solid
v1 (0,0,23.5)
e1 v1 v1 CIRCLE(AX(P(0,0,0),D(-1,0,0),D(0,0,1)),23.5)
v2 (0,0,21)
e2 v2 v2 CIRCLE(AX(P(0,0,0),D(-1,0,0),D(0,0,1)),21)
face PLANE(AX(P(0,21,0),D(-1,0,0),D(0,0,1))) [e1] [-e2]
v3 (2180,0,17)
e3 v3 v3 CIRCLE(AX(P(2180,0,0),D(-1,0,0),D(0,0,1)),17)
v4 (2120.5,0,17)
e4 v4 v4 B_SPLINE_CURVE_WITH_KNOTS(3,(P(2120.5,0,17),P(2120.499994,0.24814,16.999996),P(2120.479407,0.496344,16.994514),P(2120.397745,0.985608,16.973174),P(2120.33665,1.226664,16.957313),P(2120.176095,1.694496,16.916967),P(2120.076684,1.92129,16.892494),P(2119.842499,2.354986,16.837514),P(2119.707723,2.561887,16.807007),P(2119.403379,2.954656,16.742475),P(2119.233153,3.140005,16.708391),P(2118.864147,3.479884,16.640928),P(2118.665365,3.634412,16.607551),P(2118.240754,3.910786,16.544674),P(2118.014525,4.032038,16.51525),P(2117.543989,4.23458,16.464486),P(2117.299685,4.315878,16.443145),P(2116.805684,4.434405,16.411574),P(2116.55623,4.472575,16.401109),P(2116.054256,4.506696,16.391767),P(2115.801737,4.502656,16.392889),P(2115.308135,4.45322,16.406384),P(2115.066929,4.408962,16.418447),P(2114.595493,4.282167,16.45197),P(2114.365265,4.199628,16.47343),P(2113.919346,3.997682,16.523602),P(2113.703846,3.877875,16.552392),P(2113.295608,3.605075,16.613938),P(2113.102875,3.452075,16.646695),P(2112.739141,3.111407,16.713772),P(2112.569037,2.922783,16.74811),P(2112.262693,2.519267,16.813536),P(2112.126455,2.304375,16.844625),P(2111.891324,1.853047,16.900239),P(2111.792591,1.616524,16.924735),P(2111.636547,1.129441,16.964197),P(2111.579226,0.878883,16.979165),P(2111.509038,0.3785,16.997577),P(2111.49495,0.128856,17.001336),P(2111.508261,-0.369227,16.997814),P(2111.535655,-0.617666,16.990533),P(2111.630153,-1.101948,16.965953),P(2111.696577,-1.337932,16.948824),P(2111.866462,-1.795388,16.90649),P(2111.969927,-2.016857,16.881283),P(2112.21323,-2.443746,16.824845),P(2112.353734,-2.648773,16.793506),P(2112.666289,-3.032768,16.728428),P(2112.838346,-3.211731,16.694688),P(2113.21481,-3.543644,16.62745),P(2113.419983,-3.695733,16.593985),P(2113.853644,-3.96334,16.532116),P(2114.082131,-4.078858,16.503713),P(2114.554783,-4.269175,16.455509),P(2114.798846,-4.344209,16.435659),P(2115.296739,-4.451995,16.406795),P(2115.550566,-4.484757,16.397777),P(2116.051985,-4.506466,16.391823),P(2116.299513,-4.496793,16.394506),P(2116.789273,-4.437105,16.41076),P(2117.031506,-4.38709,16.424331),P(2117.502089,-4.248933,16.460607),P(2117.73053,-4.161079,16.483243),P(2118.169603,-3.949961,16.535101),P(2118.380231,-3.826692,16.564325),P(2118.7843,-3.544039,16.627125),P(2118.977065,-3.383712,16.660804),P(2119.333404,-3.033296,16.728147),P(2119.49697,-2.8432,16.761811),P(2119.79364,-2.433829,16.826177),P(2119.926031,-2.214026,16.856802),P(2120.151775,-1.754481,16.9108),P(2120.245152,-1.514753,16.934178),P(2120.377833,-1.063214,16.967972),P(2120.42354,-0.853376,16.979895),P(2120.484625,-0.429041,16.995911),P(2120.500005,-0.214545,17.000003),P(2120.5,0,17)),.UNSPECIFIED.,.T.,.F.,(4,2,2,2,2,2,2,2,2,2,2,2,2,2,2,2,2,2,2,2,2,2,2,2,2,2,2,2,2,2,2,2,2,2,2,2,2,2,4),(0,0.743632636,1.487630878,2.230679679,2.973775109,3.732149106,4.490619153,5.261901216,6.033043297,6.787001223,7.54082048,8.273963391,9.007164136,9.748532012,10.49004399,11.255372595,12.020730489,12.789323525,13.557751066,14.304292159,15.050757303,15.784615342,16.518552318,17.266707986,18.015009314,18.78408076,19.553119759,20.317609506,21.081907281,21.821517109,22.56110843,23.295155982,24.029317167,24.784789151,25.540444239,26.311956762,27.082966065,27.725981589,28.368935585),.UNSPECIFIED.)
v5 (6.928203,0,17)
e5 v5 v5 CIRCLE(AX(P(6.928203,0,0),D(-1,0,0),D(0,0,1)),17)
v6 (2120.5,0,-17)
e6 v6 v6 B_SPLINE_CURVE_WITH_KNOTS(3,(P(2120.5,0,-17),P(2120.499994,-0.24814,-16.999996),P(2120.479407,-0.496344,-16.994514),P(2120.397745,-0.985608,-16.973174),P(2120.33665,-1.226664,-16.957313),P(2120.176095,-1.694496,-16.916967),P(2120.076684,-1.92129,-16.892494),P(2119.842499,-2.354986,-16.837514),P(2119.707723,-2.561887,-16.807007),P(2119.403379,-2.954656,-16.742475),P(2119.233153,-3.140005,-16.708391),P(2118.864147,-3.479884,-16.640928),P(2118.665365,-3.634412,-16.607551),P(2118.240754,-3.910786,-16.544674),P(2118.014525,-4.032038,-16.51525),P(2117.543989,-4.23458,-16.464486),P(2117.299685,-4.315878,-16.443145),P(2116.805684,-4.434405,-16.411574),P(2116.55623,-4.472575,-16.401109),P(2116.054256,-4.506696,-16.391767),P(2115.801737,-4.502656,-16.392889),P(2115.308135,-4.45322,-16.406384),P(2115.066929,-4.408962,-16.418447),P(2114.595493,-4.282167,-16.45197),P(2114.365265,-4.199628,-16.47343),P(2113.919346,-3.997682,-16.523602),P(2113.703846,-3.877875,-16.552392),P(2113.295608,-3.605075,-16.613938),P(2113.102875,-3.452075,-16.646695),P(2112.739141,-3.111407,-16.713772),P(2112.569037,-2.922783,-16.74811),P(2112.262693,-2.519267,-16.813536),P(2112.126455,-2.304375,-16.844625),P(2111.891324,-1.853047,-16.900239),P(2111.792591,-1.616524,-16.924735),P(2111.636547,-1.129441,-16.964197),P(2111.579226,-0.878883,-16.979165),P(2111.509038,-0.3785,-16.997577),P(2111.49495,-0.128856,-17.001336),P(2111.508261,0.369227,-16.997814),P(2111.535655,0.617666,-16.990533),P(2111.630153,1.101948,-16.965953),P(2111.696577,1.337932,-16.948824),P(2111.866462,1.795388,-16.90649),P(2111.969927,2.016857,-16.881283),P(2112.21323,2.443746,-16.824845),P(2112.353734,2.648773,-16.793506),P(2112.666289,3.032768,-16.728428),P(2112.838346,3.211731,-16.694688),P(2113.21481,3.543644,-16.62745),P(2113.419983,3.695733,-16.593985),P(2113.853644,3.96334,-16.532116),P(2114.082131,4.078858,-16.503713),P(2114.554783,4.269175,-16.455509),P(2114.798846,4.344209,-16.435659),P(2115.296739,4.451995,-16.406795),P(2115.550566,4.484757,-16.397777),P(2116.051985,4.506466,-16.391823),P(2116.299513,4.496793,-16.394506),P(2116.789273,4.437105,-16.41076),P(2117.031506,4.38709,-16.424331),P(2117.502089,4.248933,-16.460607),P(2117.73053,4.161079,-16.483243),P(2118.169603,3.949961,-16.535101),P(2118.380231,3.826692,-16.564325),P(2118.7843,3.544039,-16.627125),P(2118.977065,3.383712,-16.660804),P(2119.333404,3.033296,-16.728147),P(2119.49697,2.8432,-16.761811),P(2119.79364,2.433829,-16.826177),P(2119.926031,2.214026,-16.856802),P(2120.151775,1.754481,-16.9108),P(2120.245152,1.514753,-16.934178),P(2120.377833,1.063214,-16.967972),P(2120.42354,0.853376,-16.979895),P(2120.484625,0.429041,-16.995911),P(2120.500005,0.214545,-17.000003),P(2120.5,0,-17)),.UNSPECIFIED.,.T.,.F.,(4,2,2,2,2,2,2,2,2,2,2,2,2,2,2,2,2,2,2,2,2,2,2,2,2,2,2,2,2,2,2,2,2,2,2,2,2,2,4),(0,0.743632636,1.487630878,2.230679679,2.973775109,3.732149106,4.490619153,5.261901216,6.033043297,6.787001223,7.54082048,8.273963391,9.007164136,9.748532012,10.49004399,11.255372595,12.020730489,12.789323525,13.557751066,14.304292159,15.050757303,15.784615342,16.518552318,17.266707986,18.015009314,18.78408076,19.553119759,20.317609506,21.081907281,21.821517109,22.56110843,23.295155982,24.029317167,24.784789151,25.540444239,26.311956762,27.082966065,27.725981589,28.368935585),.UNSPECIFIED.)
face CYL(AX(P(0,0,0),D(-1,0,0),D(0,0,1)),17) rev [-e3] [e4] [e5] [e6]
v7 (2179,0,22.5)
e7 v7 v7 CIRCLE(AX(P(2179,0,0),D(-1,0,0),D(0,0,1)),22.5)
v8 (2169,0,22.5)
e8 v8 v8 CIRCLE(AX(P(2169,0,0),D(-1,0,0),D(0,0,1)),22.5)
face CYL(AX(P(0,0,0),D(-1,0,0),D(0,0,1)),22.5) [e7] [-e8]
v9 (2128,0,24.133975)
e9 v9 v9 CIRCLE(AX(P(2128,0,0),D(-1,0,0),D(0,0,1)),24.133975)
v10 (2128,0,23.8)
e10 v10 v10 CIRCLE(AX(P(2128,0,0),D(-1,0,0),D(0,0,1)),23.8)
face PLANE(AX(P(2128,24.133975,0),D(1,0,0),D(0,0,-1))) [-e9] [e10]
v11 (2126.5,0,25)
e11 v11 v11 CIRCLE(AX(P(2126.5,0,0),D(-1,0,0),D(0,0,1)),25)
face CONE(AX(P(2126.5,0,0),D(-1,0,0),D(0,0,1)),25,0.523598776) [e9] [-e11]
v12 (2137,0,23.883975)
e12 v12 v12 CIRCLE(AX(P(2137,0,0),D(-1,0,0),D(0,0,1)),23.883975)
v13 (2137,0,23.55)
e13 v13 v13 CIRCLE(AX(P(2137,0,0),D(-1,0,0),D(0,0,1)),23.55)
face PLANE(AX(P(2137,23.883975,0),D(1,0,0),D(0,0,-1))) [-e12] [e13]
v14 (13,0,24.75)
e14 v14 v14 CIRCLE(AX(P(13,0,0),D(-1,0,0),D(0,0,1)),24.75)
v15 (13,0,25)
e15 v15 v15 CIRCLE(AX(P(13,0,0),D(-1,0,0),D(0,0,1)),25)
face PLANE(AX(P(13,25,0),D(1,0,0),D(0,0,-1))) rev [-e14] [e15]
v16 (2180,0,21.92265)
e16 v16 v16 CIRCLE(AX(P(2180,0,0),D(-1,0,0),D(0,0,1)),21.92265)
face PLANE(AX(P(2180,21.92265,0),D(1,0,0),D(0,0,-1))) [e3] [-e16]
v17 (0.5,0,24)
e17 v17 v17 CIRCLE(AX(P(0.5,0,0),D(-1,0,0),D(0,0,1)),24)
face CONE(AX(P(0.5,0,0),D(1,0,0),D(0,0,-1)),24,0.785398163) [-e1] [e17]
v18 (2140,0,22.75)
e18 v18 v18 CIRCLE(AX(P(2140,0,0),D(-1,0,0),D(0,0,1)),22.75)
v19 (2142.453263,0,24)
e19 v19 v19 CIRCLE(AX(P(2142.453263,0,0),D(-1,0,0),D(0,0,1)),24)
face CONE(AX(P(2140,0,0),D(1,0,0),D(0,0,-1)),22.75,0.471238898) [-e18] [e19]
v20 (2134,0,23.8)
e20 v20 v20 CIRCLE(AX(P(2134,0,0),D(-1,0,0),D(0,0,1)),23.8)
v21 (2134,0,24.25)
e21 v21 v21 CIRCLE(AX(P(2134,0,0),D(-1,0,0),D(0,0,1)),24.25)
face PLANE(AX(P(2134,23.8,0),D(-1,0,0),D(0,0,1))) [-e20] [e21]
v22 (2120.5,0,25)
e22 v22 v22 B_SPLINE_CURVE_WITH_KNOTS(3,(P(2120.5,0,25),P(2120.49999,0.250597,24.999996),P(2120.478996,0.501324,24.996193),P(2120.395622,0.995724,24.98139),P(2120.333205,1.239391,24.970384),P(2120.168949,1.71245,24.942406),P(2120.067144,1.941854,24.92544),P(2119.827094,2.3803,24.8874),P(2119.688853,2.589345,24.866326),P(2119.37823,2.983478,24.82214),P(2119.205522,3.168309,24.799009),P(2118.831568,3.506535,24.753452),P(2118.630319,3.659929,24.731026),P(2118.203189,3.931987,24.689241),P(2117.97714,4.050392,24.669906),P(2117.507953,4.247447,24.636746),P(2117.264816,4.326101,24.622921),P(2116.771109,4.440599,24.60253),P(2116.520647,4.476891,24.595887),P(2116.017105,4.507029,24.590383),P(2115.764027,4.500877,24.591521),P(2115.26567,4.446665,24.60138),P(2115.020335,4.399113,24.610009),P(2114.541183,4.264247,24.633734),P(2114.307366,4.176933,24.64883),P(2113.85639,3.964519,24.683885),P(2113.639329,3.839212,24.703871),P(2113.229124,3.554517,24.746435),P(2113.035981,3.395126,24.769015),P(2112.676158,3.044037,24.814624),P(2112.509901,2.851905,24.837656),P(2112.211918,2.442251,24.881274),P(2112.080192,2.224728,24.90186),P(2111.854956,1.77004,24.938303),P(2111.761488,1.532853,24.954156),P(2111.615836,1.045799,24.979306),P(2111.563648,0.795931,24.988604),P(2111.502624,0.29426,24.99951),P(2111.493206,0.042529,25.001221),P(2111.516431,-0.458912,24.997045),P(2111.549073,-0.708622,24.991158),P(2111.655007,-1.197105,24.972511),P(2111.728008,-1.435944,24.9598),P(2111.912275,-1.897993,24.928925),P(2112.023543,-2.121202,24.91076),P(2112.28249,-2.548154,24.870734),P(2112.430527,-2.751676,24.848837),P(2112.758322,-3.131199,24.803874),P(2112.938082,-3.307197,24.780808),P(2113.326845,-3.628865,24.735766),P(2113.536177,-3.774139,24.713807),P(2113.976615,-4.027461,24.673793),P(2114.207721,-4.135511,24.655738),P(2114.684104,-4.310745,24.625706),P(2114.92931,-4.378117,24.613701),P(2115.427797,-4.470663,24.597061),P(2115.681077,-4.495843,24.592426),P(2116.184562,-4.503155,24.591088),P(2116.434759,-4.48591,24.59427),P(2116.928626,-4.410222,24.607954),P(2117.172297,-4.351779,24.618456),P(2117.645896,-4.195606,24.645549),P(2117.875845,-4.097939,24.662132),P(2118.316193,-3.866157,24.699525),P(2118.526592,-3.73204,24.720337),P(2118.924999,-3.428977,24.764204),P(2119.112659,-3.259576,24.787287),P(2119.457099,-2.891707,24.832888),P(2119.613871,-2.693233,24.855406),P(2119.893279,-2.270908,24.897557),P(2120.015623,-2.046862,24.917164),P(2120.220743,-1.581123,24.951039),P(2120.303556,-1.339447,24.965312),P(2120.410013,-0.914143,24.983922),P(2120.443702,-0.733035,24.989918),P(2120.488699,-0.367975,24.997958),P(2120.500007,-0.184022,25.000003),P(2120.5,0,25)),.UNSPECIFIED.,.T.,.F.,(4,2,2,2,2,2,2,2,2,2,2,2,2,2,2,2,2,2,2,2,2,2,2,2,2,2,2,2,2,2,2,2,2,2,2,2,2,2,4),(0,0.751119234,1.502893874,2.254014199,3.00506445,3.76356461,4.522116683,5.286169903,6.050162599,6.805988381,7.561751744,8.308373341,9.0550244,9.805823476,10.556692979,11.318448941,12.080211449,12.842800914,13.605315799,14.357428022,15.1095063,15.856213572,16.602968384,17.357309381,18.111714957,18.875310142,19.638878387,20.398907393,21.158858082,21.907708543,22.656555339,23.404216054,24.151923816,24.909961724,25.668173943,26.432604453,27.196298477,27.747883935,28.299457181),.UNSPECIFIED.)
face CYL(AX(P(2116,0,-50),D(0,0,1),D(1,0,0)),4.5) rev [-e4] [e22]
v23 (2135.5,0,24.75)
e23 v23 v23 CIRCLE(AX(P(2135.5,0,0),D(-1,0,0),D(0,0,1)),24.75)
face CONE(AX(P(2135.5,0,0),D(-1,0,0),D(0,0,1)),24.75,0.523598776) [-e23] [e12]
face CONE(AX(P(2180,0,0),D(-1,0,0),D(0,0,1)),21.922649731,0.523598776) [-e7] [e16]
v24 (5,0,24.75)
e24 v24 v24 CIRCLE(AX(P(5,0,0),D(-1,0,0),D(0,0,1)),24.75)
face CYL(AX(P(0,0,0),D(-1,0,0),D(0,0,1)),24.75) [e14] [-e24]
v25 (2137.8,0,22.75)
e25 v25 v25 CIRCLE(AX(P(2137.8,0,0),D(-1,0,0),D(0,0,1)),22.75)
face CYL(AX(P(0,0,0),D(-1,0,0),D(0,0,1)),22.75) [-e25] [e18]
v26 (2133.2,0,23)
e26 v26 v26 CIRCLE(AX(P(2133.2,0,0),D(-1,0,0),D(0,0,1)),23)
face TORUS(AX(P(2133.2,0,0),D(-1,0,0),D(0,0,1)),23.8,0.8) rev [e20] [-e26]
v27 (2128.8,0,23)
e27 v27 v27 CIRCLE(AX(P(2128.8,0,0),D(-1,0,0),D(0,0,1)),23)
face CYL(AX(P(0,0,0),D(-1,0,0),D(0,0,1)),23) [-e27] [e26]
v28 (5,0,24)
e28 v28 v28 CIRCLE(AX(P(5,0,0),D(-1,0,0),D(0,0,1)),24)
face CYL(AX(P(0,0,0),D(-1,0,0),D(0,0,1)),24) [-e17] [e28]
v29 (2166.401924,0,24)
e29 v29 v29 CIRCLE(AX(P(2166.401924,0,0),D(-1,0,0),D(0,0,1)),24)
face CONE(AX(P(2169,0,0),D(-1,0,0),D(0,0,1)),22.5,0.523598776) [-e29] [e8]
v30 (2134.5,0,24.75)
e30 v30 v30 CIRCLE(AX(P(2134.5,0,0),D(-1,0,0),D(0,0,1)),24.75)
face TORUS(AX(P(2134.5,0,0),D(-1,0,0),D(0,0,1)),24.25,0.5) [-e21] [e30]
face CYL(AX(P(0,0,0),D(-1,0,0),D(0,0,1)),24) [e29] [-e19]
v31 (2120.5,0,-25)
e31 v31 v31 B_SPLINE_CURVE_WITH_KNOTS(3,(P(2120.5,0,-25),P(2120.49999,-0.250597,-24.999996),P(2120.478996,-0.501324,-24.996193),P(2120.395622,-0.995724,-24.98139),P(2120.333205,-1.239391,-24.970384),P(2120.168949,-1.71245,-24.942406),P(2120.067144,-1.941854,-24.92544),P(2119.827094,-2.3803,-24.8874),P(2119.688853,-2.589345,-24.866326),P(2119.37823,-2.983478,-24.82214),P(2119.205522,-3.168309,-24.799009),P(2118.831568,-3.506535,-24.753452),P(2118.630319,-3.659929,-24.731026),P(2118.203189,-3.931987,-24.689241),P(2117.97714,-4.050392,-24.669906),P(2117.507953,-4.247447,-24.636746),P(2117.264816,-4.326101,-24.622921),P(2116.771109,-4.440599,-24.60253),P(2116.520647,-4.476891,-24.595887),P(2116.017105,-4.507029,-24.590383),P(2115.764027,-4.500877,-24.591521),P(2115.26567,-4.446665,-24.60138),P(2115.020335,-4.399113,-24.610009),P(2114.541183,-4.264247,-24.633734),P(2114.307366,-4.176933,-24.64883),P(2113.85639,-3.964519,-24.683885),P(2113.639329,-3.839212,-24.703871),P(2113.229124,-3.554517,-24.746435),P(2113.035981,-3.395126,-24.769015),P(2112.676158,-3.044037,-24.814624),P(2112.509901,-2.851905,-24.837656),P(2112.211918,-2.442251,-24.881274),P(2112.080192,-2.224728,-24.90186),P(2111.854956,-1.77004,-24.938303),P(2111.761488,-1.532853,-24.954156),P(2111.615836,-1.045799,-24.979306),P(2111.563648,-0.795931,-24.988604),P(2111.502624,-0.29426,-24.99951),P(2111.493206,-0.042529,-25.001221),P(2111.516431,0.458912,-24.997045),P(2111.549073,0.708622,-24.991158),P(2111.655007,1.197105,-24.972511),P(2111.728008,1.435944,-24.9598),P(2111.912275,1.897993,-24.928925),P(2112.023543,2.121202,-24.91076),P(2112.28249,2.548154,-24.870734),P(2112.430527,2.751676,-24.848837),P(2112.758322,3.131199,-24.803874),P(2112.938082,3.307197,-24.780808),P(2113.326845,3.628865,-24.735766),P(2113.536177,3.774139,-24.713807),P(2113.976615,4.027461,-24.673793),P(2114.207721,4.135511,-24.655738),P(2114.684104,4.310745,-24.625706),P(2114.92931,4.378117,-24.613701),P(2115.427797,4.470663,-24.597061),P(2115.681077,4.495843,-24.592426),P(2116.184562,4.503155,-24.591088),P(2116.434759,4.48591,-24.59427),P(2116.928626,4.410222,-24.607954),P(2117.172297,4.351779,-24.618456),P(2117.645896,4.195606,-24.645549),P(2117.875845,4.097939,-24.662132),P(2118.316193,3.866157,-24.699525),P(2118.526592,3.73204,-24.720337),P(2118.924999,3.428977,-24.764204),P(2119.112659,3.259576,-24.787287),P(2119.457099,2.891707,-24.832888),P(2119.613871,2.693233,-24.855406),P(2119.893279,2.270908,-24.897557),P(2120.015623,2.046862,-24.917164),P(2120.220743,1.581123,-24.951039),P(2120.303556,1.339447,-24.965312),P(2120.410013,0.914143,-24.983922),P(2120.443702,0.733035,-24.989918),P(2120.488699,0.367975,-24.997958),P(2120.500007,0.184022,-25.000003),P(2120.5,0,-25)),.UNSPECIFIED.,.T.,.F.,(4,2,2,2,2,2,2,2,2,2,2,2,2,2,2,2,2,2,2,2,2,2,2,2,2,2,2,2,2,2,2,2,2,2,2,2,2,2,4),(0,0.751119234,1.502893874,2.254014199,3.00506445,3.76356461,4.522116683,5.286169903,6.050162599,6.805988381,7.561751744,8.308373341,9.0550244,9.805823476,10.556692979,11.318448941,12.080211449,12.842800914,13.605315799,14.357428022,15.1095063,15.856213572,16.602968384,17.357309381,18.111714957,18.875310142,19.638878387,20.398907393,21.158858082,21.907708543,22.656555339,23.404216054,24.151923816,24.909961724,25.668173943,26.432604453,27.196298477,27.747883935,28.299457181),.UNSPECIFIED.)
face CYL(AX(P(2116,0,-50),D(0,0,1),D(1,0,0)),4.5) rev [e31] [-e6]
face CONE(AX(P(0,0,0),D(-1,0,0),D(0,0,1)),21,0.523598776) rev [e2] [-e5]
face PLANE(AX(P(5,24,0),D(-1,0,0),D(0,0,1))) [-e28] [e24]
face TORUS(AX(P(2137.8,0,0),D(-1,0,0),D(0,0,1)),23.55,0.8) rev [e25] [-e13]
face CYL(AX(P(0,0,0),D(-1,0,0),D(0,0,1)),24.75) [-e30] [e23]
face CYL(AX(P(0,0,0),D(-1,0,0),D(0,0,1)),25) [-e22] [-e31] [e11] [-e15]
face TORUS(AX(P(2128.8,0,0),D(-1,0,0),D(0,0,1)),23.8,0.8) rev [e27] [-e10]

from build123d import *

# Parameters (mm, degrees)
SKETCH2_R          = 4.5
CUT_EXTRUDE1_DEPTH = 50


with BuildPart() as part:
    # Sketch1 → Base-Revolve (revolve)
    with BuildSketch(Plane.XY):
        with BuildLine():
            Line((0, 21), (0, 23.5))
            Line((0, 23.5), (0.5, 24))
            Line((0.5, 24), (5, 24))
            Line((5, 24), (5, 24.75))
            Line((5, 24.75), (13, 24.75))
            Line((13, 24.75), (13, 25))
            Line((13, 25), (2126.5, 25))
            Line((2126.5, 25), (2128, 24.133974596))
            Line((2128, 24.133974596), (2128, 23.8))
            ThreePointArc((2128, 23.8), (2128.234314575, 23.234314575), (2128.8, 23))
            Line((2128.8, 23), (2133.2, 23))
            ThreePointArc((2133.2, 23), (2133.765685425, 23.234314575), (2134, 23.8))
            Line((2134, 23.8), (2134, 24.25))
            ThreePointArc((2134, 24.25), (2134.146446609, 24.603553391), (2134.5, 24.75))
            Line((2134.5, 24.75), (2135.5, 24.75))
            Line((2135.5, 24.75), (2137, 23.883974596))
            Line((2137, 23.883974596), (2137, 23.55))
            ThreePointArc((2137, 23.55), (2137.234314575, 22.984314575), (2137.8, 22.75))
            Line((2137.8, 22.75), (2140, 22.75))
            Line((2140, 22.75), (2142.453263132, 24))
            Line((2142.453263132, 24), (2166.401923789, 24))
            Line((2166.401923789, 24), (2169, 22.5))
            Line((2169, 22.5), (2179, 22.5))
            Line((2179, 22.5), (2180, 21.922649731))
            Line((2180, 21.922649731), (2180, 17))
            Line((2180, 17), (6.92820323, 17))
            Line((6.92820323, 17), (0, 21))
        make_face()
    revolve(axis=Axis((0, 0, 0), (1, 0, 0)))

    # Sketch2 → Cut-Extrude1 (cut, symmetric)
    with BuildSketch(Plane.XY):
        with Locations((2116, 0)):
            Circle(SKETCH2_R)
    extrude(amount=CUT_EXTRUDE1_DEPTH, both=True, mode=Mode.SUBTRACT)


solid = part.part
